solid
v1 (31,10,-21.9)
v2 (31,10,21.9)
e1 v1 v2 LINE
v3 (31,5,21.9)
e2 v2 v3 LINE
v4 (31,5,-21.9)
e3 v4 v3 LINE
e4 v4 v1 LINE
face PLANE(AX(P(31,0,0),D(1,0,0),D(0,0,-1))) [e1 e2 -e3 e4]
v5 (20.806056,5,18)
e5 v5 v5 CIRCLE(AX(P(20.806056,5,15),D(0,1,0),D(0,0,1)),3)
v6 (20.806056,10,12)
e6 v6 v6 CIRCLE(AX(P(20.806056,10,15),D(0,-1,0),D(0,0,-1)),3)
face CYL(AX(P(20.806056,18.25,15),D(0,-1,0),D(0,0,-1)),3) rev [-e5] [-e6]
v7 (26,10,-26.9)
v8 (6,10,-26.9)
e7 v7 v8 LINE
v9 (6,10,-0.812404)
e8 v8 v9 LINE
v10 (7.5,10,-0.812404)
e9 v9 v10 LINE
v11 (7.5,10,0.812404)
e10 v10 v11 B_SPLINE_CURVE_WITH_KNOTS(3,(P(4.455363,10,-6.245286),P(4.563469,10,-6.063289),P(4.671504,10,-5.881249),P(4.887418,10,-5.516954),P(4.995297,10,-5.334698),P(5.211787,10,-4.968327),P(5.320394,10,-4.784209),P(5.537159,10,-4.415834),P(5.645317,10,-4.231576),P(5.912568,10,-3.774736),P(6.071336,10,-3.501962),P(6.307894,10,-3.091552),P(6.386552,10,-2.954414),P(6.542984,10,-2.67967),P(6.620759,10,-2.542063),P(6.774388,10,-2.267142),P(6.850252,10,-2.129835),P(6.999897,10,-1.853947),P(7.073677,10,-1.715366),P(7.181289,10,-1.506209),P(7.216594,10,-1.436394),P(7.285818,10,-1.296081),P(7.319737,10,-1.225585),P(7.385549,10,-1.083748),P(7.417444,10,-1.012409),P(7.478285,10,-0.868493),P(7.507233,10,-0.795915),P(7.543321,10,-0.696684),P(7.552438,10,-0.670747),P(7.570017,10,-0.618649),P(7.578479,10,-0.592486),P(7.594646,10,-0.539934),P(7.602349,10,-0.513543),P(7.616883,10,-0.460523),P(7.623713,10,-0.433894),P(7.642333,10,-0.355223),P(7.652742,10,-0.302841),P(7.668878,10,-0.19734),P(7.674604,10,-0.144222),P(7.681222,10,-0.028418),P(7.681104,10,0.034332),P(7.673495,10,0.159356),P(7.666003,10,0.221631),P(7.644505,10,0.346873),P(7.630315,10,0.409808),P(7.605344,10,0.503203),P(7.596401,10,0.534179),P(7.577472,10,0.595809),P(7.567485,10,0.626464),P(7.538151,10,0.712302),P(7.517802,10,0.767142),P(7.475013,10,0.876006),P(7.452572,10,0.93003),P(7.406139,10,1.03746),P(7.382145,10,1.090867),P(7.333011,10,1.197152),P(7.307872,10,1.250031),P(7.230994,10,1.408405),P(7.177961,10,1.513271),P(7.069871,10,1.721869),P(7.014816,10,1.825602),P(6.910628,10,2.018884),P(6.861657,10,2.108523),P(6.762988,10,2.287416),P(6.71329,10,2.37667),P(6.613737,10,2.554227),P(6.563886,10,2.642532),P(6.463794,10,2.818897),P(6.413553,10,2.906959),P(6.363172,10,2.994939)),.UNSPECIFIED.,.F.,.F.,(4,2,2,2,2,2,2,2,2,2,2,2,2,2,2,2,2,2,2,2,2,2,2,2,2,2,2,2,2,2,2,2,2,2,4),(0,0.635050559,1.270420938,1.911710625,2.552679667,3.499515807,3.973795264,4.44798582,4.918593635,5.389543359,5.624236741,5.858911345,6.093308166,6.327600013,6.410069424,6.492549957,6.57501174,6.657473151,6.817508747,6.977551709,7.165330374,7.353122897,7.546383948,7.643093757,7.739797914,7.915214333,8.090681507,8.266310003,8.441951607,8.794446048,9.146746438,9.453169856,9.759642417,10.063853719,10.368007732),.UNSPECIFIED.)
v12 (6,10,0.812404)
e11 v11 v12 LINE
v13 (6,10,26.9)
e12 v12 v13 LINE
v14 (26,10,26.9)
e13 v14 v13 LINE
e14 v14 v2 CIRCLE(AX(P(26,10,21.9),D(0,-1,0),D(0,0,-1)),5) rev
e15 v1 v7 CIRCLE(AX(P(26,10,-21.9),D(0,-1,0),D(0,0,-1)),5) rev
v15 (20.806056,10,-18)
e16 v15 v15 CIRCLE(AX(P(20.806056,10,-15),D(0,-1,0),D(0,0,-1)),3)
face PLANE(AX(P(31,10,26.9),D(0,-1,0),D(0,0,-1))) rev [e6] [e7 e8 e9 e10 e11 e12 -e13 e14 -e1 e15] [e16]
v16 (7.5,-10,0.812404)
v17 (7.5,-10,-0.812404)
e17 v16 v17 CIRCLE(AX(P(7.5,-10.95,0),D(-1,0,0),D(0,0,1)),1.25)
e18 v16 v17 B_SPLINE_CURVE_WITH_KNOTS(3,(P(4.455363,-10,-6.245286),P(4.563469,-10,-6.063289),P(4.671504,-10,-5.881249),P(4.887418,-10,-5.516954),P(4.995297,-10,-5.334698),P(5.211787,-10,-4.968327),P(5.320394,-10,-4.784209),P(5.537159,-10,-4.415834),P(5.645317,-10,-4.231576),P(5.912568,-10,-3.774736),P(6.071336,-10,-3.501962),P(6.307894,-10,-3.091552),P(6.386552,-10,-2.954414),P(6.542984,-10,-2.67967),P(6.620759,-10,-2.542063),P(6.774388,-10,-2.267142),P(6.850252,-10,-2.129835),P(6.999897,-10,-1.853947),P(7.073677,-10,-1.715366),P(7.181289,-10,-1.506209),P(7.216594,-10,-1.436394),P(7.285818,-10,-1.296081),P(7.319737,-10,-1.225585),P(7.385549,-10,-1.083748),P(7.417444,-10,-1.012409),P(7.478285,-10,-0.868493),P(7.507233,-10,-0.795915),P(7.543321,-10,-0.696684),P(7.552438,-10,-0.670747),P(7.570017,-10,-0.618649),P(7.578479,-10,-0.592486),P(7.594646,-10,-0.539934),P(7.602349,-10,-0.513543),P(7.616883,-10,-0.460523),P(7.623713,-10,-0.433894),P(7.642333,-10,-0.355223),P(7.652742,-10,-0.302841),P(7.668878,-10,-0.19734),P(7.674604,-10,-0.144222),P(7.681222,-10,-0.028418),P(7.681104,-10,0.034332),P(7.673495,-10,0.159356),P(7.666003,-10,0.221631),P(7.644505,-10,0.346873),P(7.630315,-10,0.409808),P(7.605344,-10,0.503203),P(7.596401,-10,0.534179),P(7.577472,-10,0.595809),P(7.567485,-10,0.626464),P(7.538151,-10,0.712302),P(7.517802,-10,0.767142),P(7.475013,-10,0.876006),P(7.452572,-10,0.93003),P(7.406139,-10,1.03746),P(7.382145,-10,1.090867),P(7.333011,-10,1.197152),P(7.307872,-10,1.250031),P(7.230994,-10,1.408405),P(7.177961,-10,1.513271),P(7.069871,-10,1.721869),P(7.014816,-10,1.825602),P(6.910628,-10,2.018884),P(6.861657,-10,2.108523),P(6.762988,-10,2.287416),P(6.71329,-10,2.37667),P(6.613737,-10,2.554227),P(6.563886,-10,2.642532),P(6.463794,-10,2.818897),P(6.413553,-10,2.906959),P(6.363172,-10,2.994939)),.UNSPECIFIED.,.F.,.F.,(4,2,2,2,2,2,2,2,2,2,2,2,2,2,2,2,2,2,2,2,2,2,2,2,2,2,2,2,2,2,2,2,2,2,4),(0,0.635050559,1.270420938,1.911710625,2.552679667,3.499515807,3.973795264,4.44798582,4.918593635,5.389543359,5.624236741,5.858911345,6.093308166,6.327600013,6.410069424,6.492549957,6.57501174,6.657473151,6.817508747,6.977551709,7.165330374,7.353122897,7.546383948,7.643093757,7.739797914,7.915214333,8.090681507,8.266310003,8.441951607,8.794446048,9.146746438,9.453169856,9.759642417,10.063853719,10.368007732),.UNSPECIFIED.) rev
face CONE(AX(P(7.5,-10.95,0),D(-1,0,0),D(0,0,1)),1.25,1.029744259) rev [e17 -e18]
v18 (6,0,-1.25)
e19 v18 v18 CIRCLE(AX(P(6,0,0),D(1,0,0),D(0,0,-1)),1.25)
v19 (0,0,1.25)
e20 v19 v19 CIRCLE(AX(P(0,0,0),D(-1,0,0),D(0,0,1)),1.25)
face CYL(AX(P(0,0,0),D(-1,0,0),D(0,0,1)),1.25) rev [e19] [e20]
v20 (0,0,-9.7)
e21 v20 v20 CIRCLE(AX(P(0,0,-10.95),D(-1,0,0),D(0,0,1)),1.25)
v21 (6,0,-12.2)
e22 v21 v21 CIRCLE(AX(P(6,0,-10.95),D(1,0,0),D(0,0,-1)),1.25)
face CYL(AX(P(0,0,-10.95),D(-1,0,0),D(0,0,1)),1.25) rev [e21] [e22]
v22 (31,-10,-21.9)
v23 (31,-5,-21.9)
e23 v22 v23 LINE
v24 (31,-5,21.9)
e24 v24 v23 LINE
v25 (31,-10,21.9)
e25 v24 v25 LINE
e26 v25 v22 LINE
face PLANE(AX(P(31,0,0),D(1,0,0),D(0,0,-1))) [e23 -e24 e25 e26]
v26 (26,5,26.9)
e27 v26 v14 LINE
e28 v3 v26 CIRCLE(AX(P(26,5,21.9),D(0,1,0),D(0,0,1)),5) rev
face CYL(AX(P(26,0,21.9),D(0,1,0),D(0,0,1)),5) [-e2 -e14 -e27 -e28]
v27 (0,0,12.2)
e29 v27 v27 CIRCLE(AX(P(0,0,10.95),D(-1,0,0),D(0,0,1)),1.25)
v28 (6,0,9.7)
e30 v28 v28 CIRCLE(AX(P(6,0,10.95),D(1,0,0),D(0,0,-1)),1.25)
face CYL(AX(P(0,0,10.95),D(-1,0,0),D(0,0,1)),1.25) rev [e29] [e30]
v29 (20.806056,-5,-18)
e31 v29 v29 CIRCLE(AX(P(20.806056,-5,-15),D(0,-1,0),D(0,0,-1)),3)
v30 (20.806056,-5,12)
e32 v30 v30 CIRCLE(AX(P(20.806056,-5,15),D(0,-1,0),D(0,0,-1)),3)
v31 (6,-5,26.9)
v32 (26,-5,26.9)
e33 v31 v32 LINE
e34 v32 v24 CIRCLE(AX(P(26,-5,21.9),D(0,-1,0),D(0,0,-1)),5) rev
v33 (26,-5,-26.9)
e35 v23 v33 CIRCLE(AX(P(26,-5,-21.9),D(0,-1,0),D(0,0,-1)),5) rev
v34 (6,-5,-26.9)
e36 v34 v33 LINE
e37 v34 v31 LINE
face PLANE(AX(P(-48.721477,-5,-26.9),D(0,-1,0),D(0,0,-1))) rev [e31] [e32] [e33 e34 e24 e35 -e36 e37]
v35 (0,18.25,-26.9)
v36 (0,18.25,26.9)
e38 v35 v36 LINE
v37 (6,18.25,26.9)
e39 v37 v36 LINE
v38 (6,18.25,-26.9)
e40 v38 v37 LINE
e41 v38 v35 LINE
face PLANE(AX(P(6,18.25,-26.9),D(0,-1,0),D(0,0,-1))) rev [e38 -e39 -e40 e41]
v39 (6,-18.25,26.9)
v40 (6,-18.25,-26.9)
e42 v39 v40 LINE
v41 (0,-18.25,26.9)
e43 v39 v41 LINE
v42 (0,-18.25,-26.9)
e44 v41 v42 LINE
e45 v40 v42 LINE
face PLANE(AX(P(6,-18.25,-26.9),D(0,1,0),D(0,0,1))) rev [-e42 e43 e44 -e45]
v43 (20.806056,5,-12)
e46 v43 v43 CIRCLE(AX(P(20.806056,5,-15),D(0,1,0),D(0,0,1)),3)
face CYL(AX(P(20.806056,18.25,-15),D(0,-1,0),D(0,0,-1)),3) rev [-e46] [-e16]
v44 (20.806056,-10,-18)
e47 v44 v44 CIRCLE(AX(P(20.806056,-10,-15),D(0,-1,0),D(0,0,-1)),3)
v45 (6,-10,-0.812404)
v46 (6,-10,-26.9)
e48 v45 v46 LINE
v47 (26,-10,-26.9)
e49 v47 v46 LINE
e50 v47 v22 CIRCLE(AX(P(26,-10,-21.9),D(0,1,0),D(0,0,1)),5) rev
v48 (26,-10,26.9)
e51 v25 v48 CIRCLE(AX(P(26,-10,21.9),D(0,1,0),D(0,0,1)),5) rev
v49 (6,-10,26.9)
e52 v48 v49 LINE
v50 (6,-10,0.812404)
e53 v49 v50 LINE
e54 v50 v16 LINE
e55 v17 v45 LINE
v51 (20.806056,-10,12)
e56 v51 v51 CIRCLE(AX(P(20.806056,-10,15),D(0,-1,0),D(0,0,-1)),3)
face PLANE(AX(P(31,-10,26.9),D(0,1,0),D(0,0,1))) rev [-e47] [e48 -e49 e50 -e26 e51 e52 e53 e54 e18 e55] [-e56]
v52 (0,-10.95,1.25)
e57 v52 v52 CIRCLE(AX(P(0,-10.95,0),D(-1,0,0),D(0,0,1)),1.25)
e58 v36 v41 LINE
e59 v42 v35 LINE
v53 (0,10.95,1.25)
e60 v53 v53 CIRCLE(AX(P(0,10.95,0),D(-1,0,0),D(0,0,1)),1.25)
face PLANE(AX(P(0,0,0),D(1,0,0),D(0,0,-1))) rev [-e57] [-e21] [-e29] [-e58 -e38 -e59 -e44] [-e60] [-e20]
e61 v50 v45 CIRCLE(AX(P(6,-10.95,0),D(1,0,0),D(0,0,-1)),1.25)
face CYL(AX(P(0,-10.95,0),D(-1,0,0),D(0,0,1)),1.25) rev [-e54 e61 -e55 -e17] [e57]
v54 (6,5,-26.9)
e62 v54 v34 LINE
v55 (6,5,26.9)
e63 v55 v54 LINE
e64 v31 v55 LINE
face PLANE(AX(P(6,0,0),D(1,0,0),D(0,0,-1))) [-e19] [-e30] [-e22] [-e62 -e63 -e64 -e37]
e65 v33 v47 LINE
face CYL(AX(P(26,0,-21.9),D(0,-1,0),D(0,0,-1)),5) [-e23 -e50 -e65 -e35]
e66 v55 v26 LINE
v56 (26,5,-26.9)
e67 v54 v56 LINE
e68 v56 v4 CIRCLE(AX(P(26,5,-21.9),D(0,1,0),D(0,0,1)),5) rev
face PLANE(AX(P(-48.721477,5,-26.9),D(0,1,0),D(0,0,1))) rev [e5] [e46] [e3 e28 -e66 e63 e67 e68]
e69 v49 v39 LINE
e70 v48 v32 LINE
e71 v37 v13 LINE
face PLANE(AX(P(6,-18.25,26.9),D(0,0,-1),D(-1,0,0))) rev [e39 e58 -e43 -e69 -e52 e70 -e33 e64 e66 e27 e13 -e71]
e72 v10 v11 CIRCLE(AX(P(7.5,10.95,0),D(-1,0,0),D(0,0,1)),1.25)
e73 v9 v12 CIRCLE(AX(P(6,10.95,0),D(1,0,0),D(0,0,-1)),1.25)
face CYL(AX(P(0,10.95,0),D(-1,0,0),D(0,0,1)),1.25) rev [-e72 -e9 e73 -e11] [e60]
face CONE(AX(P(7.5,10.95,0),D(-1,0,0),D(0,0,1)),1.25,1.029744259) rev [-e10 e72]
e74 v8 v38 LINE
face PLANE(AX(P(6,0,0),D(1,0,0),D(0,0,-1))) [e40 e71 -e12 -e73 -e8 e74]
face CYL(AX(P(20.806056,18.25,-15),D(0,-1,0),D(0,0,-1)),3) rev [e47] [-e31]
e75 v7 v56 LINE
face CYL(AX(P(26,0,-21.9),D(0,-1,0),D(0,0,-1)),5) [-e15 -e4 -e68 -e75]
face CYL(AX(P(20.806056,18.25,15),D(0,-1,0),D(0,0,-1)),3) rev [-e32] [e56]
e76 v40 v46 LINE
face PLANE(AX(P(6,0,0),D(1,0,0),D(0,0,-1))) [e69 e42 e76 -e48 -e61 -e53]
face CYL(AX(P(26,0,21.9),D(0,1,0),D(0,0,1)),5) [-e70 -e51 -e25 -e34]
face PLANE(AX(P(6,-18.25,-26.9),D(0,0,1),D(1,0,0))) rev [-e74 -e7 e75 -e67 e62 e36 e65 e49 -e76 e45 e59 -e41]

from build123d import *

# Parameters (mm, degrees)
SKETCH_1_W             = 53.8
SKETCH_1_H             = 36.5
EXTRUDE_1_DEPTH        = 6
SKETCH_2_W             = 53.8
SKETCH_2_H             = 20
EXTRUDE_2_DEPTH        = 25
SKETCH_3_W             = 53.8
SKETCH_3_H             = 10
CUT_EXTRUDE_1_DEPTH    = 25
HOLE_WIZARD_M3_1_D     = 2.5
HOLE_WIZARD_M3_1_DEPTH = 7.5
HOLE_WIZARD_M3_1_TIP   = 0.751075774
SKETCH_6_R             = 3
CUT_EXTRUDE_2_DEPTH    = 29.25
FILLET_1_R             = 5


with BuildPart() as part:
    # 草图1 → 凸台-拉伸1 (new body)
    with BuildSketch(Plane(origin=(0, 0, 0), x_dir=(0, 0, -1), z_dir=(1, 0, 0))):
        Rectangle(SKETCH_1_W, SKETCH_1_H)
    extrude(amount=EXTRUDE_1_DEPTH)

    # 草图2 → 凸台-拉伸2 (add)
    with BuildSketch(Plane(origin=(6, 0, 0), x_dir=(0, 0, -1), z_dir=(1, 0, 0))):
        Rectangle(SKETCH_2_W, SKETCH_2_H)
    extrude(amount=EXTRUDE_2_DEPTH)

    # 草图3 → 切除-拉伸1 (cut)
    with BuildSketch(Plane(origin=(31, 0, 0), x_dir=(0, 0, -1), z_dir=(1, 0, 0))):
        Rectangle(SKETCH_3_W, SKETCH_3_H)
    extrude(amount=-CUT_EXTRUDE_1_DEPTH, mode=Mode.SUBTRACT)

    # M3 螺纹孔1
    with Locations(Plane.ZY):
        with Locations((-10.95, 0), (0, 10.95), (0, 0), (0, -10.95), (10.95, 0)):
            Hole(HOLE_WIZARD_M3_1_D / 2, depth=HOLE_WIZARD_M3_1_DEPTH)
            with Locations((0, 0, -(HOLE_WIZARD_M3_1_DEPTH + HOLE_WIZARD_M3_1_TIP / 2))):  # 118° drill point
                Cone(0, HOLE_WIZARD_M3_1_D / 2, HOLE_WIZARD_M3_1_TIP, mode=Mode.SUBTRACT)

    # 草图6 → 切除-拉伸2 (cut, through all)
    with BuildSketch(Plane.XZ.offset(10)):
        with Locations((20.806055882, 15)):
            Circle(SKETCH_6_R)
        with Locations((20.806055882, -15)):
            Circle(SKETCH_6_R)
    extrude(amount=-CUT_EXTRUDE_2_DEPTH, mode=Mode.SUBTRACT)

    # 圆角1
    fillet_1_edges = [part.edges().sort_by_distance(p)[0] for p in [
        (31, -7.5, -26.9),
        (31, 7.5, 26.9),
        (31, 7.5, -26.9),
        (31, -7.5, 26.9),
    ]]
    fillet(fillet_1_edges, radius=FILLET_1_R)


solid = part.part
